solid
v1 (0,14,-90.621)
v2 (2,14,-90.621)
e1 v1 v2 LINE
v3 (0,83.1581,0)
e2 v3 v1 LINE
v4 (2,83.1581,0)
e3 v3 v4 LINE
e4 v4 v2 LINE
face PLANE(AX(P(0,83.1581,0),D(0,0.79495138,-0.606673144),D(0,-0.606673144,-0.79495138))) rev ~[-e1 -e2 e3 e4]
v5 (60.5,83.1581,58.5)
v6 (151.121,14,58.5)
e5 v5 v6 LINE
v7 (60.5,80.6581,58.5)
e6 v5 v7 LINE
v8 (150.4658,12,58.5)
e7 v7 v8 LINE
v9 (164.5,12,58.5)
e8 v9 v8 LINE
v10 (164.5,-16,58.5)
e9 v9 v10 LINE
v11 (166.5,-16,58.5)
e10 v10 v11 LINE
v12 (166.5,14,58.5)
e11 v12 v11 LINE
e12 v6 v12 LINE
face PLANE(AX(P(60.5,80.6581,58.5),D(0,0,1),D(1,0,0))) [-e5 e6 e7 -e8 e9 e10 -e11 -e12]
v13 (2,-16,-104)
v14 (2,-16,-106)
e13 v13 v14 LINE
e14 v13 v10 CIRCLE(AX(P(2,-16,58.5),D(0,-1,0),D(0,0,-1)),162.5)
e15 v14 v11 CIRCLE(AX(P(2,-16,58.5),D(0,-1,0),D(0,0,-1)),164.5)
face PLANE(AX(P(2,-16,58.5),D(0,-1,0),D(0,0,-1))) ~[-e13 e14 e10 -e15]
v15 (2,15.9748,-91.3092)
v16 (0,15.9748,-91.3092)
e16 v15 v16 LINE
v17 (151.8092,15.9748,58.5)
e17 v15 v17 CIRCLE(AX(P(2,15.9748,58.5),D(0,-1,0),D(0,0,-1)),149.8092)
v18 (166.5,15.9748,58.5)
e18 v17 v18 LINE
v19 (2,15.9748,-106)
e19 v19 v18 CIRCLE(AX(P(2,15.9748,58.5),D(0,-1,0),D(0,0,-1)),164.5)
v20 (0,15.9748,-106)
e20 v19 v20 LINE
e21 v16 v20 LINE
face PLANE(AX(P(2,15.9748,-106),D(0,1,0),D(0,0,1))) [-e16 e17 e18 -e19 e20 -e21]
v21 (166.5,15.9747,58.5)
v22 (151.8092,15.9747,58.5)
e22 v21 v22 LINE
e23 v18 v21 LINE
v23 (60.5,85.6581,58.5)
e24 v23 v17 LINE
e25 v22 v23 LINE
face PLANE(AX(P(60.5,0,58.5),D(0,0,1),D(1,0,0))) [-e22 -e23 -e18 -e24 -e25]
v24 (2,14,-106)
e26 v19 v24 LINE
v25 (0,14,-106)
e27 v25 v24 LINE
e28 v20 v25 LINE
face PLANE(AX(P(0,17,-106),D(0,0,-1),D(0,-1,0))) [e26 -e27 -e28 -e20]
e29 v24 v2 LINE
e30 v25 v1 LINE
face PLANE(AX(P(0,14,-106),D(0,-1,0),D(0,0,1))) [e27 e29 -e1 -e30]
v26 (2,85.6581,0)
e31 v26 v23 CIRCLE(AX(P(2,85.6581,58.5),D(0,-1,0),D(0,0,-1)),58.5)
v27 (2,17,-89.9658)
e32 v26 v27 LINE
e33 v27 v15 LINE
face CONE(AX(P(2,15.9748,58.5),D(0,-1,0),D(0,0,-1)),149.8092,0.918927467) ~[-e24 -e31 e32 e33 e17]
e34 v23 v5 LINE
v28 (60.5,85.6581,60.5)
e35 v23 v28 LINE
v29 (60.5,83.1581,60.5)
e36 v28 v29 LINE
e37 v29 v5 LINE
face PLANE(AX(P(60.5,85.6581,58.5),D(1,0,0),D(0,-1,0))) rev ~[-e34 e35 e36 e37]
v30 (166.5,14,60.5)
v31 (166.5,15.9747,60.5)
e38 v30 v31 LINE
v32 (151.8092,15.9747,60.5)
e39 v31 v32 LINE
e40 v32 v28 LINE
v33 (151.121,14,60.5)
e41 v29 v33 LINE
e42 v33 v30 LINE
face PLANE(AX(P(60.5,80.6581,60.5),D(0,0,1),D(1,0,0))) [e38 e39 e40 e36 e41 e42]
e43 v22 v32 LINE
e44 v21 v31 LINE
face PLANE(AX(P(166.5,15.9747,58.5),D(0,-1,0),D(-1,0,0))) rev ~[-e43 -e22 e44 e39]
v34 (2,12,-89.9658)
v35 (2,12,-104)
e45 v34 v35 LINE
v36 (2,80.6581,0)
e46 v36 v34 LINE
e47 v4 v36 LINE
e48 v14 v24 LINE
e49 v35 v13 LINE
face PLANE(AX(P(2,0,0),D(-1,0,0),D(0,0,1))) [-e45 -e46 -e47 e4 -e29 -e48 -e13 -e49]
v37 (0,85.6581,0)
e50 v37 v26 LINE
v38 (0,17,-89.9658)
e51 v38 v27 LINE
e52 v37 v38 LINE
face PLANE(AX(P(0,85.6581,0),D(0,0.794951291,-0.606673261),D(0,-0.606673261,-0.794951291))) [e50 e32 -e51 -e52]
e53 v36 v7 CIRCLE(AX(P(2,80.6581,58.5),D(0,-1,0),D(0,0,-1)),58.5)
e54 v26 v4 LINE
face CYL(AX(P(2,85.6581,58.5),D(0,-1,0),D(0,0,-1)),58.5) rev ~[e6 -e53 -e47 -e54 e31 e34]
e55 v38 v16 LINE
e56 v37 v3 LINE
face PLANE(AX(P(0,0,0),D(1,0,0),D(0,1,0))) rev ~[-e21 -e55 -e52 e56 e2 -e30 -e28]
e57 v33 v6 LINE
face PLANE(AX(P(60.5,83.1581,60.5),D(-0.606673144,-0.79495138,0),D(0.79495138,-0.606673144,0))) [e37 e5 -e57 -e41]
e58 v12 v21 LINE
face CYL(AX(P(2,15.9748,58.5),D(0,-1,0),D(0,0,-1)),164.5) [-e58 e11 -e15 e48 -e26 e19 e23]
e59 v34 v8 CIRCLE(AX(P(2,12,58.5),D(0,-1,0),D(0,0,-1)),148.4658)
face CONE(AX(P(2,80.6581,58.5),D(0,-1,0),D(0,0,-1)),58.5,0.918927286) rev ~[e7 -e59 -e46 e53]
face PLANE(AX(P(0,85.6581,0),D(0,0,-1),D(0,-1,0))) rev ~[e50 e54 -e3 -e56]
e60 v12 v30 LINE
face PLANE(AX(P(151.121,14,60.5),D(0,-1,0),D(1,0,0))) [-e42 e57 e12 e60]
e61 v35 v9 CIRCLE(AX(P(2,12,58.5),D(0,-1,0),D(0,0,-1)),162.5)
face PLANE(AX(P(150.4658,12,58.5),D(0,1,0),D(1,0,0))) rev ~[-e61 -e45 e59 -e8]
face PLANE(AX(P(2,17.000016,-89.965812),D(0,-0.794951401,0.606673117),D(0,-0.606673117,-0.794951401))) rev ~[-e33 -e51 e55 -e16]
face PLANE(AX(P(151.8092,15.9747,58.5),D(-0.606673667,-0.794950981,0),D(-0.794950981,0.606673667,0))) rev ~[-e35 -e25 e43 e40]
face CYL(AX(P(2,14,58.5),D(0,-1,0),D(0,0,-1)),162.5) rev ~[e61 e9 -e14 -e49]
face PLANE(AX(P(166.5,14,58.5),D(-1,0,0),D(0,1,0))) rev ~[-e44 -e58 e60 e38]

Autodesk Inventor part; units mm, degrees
ref_plane "YZ Plane" through (0, 0, 0) normal (1, 0, 0) x (0, 1, 0)
ref_plane "XZ Plane" through (0, 0, 0) normal (0, 1, 0) x (-1, 0, 0)
ref_plane "XY Plane" through (0, 0, 0) normal (0, 0, 1) x (1, 0, 0)
sketch "Sketch1" plane through (0, 0, 0) normal (1, 0, 0) x (0, 1, 0)
  line L0 (0, 0) -> (0, -104)
  line L1 (79.3684, 0) -> (0, -104)
  line L2 (79.3684, 0) -> (0, 0)
  line L3 (0, -104) -> (0, -104)
  line L4 (0, -104) -> (0, -106)
  line L5 (0, -106) -> (0, -106)
  line L6 (12, -88.2759) -> (12, -121.4374)
  line L7 (17, -106) -> (0, -106)
  line L8 (17, -104) -> (0, -104)
  line L9 (85.6581, 0) -> (17, -89.9658)
  line L10 (105.5294, 0) -> (79.3684, 0)
  line L11 (17, -89.9658) -> (17, -119.3457)
  circle A0 centre (12, -106) radius 2
  point P0 (12, -104)
  point P1 (14, -106)
  dimension "d5" = 79.3684
  dimension "d6" = 104
  dimension "d7" = 12
  dimension "d8" = 88.2759
  dimension "d9" = 0
  dimension "d11" = 2
  dimension "d12" = 5
  dimension "d13" = 5
extrude "Extrusion1" add sketch "Sketch1" along normal blind 2 contours L10 L9 L11 L8 L6 L1 | L8 L11 L7 A0
sketch "Sketch2" plane through (2, 0, 0) normal (1, 0, 0) x (0, 0, -1)
  line L0 (0, 85.6581) -> (0, 79.3684) projected
  line L1 (0, 80.6581) -> (89.9658, 12)
  line L2 (88.2759, 12) -> (104, 12) projected
  line L3 (0, 79.3684) -> (88.2759, 12) projected
  line L4 (102.4983, 12) -> (102.4983, 15.9748)
  line L5 (89.9658, 17) -> (0, 85.6581) projected
  line L6 (106, 14) -> (106, 17) projected
  line L7 (106, 15.9748) -> (91.3092, 15.9748)
  line L8 (0, 85.6581) -> (91.3092, 15.9748)
  line L9 (106, 15.9748) -> (106, 17)
  line L10 (106, 17) -> (89.9658, 17) projected
  line L11 (106, 15.9748) -> (106, 17)
  line L12 (106, 17) -> (89.9658, 17)
  point P0 (0, 0)
  dimension "d18" = 5
  dimension "d19" = 3.9748
  dimension "d20" = 3.9748
extrude "Extrusion2" cut sketch "Sketch2" against normal blind 2 contours L1 L2 L3 L0 | L10 L6 L7 L8
sketch "Sketch3" plane through (2, 0, 0) normal (1, 0, 0) x (0, 0, -1)
  line L0 (91.3092, 15.9748) -> (0, 85.6581) projected
  line L1 (0, 85.6581) -> (91.3092, 15.9748)
  line L2 (91.3092, 15.9748) -> (106, 15.9748) projected
  line L3 (91.3092, 15.9748) -> (106, 15.9748)
  arc A0 (106, 14) -> (104, 12) centre (106, 12) ccw projected
  line L4 (106, 15.9748) -> (106, 14)
  circle A1 centre (106, 12) radius 2
  line L5 (89.9658, 12) -> (104, 12) projected
  line L6 (89.9658, 12) -> (104, 12)
  line L7 (0, 85.6581) -> (0, 80.6581) projected
  line L8 (0, 85.6581) -> (0, 80.6581)
  line L9 (0, 80.6581) -> (89.9658, 12)
  line L10 (0, 83.1581) -> (-58.5, 83.1581)
  line L11 (0, 85.6581) -> (0, 80.6581) projected
  line L12 (-58.5, 83.1581) -> (-58.5, 115.0333)
  line L13 (106, 14) -> (104, 14)
  line L14 (104, 14) -> (104, -16)
  line L15 (104, -16) -> (106, -16)
  line L16 (106, -16) -> (106, 14)
  line L17 (89.9658, 12) -> (89.9658, 145)
  line L18 (0, 83.1581) -> (89.9658, 83.1581)
  point P0 (0, 0)
  dimension "d21" = 58.5
  dimension "d32" = 30
  dimension "d42" = 89.9658
revolve "Revolution1" add sketch "Sketch3" angle 90 about axis through (2, 83.1581, 58.5) along (0, -1, 0) contours L2 L4 L13 L14 L5 L17 L0 | L17 L9 L7 L18 L0 | L18 L7 L0 | L16 A1 A0 | A0 L14 L13 | A1 L16 L15 L14
sketch "Sketch14" plane through (166.5, -16, 58.5) normal (0, 0, 1) x (1, 0, 0)
  line L0 (-14.6908, 31.9748) -> (-106, 101.6581) projected
  line L1 (-106, 96.6581) -> (-16.0342, 28) projected
  line L2 (-106, 101.6581) -> (-106, 96.6581)
  line L3 (-16.0342, 28) -> (-2, 28) projected
  line L4 (-106, 96.6581) -> (-16.0342, 28)
  point P0 (-166.5, 16)
sketch "Sketch4" plane through (60.5, 80.6581, 58.5) normal (0, 0, 1) x (1, 0, 0)
  line L0 (0, 5) -> (0, 0) projected
  line L1 (0, 5) -> (0, 0)
  line L2 (0, 0) -> (89.9658, -68.6581) projected
  line L3 (0, 0) -> (89.9658, -68.6581)
  line L4 (89.9658, -68.6581) -> (104, -68.6581) projected
  line L5 (89.9658, -68.6581) -> (104, -68.6581)
  line L6 (106, -66.6581) -> (106, -64.6834) projected
  line L7 (106, -66.6581) -> (106, -64.6834)
  line L8 (91.3092, -64.6834) -> (0, 5) projected
  line L9 (106, -64.6834) -> (91.3092, -64.6834)
  line L10 (91.3092, -64.6834) -> (0, 5)
  arc A0 (106, -66.6581) -> (104, -68.6581) centre (106, -68.6581) ccw projected
  circle A1 centre (106, -68.6581) radius 2
  point P0 (-60.5, -80.6581)
extrude "Extrusion3" add sketch "Sketch4" along normal blind 2 contours L8 L9 L6 A0 L4 L2 L0
sketch "Sketch5" plane through (60.5, 80.6581, 60.5) normal (0, 0, 1) x (1, 0, 0)
  line L0 (0, 5) -> (0, 0) projected
  line L1 (0, 2.5) -> (90.621, -66.6581)
  line L2 (-58.5, -66.6581) -> (106, -66.6581) projected
  line L3 (91.3092, -64.6834) -> (0, 5) projected
  line L4 (90.621, -66.6581) -> (106, -66.6581)
  line L5 (106, -66.6581) -> (106, -64.6834) projected
  line L6 (106, -64.6834) -> (91.3092, -64.6834) projected
  line L7 (106, -64.6834) -> (91.3092, -64.6834)
  line L8 (-58.5, 5) -> (0, 5) projected
  line L9 (91.3092, -64.6834) -> (0, 5)
  line L10 (0, 5) -> (0, 2.5)
  line L11 (0, 0) -> (89.9658, -68.6581) projected
  line L12 (89.9658, -68.6581) -> (106, -68.6581)
  line L13 (89.9658, -68.6581) -> (104, -68.6581) projected
  line L14 (106, -68.6581) -> (106, -66.6581)
  line L15 (90.621, -66.6581) -> (0, 2.5)
  line L16 (0, 0) -> (89.9658, -68.6581)
  point P0 (-60.5, -80.6581)
extrude "Extrusion4" cut sketch "Sketch5" against normal blind 2 contours L1 L2 L11 L0 | L2 L14 L12 L11
sketch "Sketch6" plane through (0, 0, 0) normal (-1, 0, 0) x (0, 0, 1)
  line L0 (0, 85.6581) -> (0, 80.6581) projected
  line L1 (0, 83.1581) -> (-90.621, 14)
  line L2 (-106, 14) -> (58.5, 14) projected
  line L3 (-91.3092, 15.9748) -> (0, 85.6581) projected
  line L4 (-106, 14) -> (-106, 15.9748) projected
  line L5 (-90.621, 14) -> (-106, 14)
  line L6 (-106, 14) -> (-106, 15.9748)
  line L7 (-106, 15.9748) -> (-91.3092, 15.9748)
  line L8 (0, 85.6581) -> (0, 83.1581)
  line L9 (-89.9658, 12) -> (58.5, 12) projected
  line L10 (-89.9658, 12) -> (-106, 12)
  line L11 (-104, 12) -> (58.5, 12) projected
  line L12 (-106, 12) -> (-106, 14)
  line L13 (-90.621, 14) -> (0, 83.1581)
  line L14 (0, 80.6581) -> (-89.9658, 12)
  point P0 (0, 0)
extrude "Extrusion5" cut sketch "Sketch6" against normal blind 2 contours L0 L14 L2 L1 | L2 L14 L10 L12
equation "\"d19\" = d20"
properties part number "Cover_v1"
